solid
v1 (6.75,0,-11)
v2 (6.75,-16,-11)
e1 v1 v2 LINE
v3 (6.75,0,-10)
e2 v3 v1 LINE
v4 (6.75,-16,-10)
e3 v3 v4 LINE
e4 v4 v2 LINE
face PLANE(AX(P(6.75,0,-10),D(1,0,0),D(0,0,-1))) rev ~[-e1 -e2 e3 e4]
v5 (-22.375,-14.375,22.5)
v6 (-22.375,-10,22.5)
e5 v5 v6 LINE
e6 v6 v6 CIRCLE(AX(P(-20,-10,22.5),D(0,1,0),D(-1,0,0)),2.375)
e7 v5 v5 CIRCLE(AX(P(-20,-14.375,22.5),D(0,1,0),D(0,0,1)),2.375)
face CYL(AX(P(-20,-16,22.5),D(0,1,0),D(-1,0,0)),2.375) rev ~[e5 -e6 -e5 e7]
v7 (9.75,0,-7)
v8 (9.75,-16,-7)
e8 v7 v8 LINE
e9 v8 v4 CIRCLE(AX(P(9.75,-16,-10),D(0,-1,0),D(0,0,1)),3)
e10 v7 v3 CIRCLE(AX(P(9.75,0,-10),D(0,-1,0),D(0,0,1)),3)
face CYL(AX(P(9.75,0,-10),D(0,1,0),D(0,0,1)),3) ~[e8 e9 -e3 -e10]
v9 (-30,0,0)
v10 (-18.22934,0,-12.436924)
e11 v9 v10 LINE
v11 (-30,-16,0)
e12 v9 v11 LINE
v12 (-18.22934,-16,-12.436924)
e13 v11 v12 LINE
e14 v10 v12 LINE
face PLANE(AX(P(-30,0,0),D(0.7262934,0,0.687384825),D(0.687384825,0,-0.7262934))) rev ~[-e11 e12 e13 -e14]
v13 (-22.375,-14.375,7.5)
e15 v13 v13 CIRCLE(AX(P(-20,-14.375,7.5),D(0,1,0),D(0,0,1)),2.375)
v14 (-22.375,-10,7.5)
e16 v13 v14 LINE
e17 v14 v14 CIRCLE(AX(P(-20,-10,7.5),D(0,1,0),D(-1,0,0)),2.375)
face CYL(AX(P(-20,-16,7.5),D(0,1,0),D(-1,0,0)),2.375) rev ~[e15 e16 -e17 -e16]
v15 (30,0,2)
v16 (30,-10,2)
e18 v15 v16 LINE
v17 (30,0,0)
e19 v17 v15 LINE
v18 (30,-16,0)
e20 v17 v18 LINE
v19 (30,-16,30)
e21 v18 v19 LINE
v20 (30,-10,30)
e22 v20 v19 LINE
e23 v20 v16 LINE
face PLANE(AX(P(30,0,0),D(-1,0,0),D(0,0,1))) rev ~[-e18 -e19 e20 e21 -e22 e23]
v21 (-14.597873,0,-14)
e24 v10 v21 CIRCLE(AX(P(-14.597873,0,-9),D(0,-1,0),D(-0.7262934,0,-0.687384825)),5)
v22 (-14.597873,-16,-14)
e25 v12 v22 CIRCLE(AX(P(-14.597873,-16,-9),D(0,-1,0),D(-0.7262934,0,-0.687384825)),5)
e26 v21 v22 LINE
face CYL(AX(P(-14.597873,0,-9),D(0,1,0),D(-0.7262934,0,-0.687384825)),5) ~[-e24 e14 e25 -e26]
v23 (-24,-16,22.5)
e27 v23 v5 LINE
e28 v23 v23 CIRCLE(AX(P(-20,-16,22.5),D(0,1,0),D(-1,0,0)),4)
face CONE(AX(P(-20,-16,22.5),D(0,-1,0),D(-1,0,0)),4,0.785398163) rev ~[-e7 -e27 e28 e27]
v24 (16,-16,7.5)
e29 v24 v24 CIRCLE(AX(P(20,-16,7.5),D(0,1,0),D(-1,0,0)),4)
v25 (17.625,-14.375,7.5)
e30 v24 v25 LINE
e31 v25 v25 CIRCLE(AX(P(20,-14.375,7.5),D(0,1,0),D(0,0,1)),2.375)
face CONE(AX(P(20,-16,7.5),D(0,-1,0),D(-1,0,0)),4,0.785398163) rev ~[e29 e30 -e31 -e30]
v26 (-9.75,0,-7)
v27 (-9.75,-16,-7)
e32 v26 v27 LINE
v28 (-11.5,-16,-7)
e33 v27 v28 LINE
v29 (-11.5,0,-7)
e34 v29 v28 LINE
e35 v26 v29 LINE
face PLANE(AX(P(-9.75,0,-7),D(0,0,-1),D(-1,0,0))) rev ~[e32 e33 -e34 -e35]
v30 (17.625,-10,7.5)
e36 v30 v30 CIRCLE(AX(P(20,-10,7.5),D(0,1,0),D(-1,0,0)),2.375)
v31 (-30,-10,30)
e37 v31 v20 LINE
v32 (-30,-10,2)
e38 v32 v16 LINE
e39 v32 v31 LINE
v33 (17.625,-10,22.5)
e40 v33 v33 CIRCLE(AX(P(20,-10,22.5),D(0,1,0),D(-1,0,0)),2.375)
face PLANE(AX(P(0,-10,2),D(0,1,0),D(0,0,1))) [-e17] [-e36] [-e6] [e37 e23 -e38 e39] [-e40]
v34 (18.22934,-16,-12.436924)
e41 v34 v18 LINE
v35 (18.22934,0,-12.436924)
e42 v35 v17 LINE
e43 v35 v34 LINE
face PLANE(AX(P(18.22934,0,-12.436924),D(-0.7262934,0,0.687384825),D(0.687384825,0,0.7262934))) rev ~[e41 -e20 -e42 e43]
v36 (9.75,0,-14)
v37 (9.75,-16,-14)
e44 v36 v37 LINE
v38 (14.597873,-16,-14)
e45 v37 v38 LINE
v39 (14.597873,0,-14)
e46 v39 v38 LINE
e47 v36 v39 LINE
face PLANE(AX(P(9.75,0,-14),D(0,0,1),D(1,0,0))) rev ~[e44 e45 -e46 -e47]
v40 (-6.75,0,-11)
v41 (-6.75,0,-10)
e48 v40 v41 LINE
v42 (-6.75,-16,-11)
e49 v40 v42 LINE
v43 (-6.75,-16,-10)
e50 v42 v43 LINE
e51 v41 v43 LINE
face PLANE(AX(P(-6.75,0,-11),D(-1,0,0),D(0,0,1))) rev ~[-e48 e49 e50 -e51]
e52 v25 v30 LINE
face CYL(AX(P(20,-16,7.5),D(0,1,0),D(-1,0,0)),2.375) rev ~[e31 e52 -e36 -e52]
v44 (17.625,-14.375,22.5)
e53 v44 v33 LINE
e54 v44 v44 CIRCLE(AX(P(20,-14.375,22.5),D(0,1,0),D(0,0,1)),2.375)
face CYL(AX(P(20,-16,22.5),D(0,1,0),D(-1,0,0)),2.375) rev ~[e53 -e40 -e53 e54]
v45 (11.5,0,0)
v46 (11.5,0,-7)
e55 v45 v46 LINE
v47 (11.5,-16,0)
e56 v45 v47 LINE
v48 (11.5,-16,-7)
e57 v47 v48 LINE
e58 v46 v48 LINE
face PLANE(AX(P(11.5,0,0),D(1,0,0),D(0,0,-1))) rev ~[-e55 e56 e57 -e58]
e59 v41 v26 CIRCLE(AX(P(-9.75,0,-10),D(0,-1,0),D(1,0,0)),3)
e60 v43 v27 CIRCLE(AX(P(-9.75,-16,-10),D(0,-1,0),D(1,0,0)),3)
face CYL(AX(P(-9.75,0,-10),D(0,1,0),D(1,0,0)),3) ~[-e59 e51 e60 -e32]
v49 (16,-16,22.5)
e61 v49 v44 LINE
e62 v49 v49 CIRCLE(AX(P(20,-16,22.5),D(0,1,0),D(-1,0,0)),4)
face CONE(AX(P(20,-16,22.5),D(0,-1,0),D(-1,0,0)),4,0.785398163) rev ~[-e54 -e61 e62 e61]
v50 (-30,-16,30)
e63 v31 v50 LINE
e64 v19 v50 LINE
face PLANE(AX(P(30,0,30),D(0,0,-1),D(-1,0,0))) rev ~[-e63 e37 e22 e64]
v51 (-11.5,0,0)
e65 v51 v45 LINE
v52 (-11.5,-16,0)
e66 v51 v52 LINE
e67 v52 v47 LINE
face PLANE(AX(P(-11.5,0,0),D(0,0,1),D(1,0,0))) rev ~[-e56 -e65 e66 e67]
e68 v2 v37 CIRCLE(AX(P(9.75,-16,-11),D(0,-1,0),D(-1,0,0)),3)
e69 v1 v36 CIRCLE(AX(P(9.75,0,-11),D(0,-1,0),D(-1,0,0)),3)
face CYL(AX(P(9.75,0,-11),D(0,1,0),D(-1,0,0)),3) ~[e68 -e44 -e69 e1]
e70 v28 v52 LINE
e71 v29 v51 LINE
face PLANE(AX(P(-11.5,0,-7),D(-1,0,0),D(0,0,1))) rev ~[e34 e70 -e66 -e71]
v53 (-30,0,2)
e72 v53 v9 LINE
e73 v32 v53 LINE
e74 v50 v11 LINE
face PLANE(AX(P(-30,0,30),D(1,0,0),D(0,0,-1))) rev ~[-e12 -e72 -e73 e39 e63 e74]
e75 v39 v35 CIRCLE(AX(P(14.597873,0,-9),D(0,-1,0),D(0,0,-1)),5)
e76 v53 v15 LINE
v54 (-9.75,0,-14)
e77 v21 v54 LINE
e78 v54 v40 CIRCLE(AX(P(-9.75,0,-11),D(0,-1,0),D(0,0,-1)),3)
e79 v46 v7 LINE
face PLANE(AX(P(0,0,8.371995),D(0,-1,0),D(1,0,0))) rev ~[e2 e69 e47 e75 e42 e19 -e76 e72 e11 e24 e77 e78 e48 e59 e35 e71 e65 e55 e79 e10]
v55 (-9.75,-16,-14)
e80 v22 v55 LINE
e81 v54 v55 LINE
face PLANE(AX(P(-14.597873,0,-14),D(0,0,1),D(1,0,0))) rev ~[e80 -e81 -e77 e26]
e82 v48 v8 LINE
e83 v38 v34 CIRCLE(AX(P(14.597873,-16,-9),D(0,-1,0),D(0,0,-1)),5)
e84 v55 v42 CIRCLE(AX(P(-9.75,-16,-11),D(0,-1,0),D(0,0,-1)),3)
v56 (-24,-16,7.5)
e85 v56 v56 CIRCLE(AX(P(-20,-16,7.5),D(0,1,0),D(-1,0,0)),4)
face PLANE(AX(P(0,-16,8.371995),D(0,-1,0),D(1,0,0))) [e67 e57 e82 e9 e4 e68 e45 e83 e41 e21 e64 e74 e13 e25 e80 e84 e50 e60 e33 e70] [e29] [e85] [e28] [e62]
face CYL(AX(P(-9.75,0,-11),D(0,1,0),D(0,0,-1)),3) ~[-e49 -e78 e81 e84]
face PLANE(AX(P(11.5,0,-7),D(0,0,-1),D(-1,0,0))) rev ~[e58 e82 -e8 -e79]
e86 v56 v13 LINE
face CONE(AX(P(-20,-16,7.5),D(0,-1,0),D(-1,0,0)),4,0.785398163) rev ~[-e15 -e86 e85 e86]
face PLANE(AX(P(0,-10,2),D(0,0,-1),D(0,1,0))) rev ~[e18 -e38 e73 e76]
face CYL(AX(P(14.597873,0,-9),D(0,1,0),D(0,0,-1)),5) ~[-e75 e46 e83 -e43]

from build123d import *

# Parameters (mm, degrees)
F1_DEPTH       = 16
F2_W           = 20
F2_H           = 40
F3_DEPTH       = 50
F5_D           = 4.75
F5_CSINK_D     = 8
F5_CSINK_ANGLE = 90


with BuildPart() as f1:
    # F0 (on Front) → F1 (new body)
    with BuildSketch(Plane.XZ):
        with BuildLine():
            Line((-11.5, 0), (0, 0))
            Line((0, 0), (11.5, 0))
            Line((11.5, 0), (11.5, -7))
            Line((11.5, -7), (9.75, -7))
            ThreePointArc((9.75, -7), (7.6286796564, -7.8786796564), (6.75, -10))
            Line((6.75, -10), (6.75, -11))
            ThreePointArc((6.75, -11), (7.6286796564, -13.1213203436), (9.75, -14))
            Line((9.75, -14), (14.5978726692, -14))
            ThreePointArc((14.5978726692, -14), (16.5746603892, -13.5926365315), (18.2293396683, -12.4369241241))
            Line((18.2293396683, -12.4369241241), (30, 0))
            Line((30, 0), (30, 30))
            Line((30, 30), (0, 30))
            Line((0, 30), (-30, 30))
            Line((-30, 30), (-30, 0))
            Line((-30, 0), (-18.2293396683, -12.4369241241))
            ThreePointArc((-18.2293396683, -12.4369241241), (-16.5746603892, -13.5926365315), (-14.5978726692, -14))
            Line((-14.5978726692, -14), (-9.75, -14))
            ThreePointArc((-9.75, -14), (-7.6286796564, -13.1213203436), (-6.75, -11))
            Line((-6.75, -11), (-6.75, -10))
            ThreePointArc((-6.75, -10), (-7.6286796564, -7.8786796564), (-9.75, -7))
            Line((-9.75, -7), (-11.5, -7))
            Line((-11.5, -7), (-11.5, 0))
        make_face()
    extrude(amount=F1_DEPTH)

    # F2 (on Right) → F3 (cut, symmetric)
    with BuildSketch(Plane.YZ):
        with Locations((0, 22)):
            Rectangle(F2_W, F2_H)
    extrude(amount=F3_DEPTH, both=True, mode=Mode.SUBTRACT)

    # F5 (through all)
    with Locations(Plane.XZ.offset(16)):
        with Locations((20, 22.5), (20, 7.5), (-20, 22.5), (-20, 7.5)):
            CounterSinkHole(F5_D / 2, F5_CSINK_D / 2, counter_sink_angle=F5_CSINK_ANGLE)


solid = f1.part
